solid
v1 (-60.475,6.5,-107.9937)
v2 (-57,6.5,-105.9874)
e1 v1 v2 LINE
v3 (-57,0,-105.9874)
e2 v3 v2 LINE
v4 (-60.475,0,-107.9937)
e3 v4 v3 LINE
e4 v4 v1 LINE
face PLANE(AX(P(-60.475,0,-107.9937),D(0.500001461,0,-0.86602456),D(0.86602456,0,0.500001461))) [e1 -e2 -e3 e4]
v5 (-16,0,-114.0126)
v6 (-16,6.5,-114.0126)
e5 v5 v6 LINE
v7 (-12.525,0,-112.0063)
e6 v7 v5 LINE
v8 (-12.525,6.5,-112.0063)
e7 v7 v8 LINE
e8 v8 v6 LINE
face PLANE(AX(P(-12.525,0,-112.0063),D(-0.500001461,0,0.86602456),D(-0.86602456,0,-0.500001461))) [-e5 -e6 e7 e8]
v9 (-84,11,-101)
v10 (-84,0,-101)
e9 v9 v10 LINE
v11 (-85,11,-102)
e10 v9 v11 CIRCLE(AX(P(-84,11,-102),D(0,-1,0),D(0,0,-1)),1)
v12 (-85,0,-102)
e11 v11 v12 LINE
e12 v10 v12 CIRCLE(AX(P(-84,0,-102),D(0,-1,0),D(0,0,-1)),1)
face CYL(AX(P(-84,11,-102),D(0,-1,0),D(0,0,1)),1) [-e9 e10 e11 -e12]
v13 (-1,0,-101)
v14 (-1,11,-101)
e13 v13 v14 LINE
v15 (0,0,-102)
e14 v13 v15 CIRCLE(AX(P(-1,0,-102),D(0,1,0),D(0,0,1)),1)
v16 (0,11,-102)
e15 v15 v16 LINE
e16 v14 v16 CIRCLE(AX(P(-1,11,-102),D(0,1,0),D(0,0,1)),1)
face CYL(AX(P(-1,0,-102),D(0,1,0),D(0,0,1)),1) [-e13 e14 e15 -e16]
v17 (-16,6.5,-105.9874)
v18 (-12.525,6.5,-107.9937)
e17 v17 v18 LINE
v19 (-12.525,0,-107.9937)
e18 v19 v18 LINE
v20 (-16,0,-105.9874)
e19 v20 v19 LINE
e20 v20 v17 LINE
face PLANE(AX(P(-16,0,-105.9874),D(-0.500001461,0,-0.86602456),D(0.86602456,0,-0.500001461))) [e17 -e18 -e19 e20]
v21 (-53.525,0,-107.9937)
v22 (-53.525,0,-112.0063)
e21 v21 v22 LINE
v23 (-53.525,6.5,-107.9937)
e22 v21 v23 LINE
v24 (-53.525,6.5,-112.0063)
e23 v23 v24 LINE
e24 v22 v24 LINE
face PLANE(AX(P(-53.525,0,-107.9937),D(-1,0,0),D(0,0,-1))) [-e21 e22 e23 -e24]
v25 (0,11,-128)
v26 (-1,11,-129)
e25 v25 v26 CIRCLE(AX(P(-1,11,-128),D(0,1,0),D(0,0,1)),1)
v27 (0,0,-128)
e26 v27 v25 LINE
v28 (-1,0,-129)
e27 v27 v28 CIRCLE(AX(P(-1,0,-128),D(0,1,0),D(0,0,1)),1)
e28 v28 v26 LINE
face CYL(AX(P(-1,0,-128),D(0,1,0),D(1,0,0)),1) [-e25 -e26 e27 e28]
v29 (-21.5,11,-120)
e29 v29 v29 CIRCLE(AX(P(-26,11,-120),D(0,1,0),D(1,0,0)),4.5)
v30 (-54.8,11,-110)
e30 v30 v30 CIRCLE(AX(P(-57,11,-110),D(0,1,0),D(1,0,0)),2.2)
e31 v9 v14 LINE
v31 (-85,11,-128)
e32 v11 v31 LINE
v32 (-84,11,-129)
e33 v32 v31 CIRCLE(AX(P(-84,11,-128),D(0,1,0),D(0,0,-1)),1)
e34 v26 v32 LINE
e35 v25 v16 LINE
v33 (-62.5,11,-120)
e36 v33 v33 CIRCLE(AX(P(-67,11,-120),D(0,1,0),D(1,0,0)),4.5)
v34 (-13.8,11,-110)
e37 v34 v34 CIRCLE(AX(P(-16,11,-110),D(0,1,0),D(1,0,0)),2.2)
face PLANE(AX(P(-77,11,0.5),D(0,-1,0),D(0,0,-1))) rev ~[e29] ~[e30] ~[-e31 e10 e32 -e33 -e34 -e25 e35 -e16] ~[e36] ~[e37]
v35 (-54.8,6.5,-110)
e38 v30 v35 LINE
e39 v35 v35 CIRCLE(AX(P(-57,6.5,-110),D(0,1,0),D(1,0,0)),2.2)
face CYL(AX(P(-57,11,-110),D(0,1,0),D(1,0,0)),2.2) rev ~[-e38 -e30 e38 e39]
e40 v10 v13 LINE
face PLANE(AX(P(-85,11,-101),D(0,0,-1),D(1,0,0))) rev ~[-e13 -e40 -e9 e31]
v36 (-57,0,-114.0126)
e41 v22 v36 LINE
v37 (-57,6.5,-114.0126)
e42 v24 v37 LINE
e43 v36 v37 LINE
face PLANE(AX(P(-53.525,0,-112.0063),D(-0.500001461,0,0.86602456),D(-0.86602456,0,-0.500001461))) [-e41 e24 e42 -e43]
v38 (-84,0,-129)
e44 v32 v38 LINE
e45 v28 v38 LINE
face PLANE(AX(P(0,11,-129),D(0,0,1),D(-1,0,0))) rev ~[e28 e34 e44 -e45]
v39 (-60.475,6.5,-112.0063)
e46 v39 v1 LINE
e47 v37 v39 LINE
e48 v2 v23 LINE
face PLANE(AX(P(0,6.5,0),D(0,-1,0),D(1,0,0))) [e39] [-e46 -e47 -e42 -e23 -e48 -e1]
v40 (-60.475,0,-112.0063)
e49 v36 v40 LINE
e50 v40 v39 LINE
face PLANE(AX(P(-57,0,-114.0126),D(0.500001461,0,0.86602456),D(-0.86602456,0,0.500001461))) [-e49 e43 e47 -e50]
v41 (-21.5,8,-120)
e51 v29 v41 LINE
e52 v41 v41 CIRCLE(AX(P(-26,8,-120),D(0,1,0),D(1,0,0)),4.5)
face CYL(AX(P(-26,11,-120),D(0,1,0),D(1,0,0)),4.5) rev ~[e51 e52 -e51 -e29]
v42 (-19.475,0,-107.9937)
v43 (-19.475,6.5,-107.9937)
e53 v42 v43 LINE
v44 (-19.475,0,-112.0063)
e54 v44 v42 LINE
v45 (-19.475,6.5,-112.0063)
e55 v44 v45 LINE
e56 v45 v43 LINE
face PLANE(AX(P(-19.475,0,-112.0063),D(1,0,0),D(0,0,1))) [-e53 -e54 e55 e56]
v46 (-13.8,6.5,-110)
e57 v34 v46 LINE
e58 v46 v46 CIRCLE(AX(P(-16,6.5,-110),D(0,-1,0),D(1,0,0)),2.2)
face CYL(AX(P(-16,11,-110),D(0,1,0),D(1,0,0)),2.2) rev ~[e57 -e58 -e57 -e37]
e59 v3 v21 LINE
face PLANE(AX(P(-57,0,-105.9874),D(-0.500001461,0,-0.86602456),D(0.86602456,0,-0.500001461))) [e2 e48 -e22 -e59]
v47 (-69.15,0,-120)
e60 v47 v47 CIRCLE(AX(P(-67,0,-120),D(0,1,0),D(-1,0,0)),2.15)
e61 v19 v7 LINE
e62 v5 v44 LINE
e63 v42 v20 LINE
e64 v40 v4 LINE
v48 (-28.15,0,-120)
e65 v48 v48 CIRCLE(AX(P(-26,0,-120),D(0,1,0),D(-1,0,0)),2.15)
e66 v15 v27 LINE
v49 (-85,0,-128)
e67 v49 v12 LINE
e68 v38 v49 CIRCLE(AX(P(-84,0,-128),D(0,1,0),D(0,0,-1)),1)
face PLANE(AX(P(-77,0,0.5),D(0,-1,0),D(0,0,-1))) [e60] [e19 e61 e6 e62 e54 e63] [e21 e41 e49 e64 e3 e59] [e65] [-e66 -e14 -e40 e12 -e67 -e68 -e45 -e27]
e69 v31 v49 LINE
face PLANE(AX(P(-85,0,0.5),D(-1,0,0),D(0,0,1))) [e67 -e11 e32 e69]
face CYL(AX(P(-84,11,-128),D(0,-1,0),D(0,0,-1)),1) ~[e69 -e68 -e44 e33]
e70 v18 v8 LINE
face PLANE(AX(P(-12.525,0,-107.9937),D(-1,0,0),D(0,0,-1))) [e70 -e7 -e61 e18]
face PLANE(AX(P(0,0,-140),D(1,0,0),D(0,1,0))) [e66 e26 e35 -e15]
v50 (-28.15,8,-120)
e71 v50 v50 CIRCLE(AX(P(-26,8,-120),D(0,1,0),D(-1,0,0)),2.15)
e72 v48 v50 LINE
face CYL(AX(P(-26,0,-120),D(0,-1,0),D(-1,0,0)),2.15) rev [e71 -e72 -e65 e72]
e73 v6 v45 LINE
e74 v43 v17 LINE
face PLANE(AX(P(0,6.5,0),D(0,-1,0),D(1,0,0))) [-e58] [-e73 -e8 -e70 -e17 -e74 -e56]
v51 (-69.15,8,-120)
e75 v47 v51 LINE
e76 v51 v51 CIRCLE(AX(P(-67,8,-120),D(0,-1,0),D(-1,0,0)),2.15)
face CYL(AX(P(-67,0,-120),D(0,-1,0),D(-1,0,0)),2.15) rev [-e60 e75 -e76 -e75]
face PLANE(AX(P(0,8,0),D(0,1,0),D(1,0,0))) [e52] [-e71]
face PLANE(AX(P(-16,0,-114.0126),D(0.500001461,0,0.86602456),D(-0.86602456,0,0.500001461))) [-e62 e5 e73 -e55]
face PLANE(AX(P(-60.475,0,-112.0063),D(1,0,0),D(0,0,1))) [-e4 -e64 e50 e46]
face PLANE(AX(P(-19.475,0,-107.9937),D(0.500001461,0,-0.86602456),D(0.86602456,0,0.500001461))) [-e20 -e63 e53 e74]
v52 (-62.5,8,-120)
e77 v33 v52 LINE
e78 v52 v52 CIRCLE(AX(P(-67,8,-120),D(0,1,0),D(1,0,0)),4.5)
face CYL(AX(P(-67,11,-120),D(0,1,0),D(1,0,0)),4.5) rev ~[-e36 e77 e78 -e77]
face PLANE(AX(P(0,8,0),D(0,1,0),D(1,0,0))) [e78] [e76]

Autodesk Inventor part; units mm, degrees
ref_plane "YZ Plane" through (0, 0, 0) normal (1, 0, 0) x (0, 1, 0)
ref_plane "XZ Plane" through (0, 0, 0) normal (0, 1, 0) x (-1, 0, 0)
ref_plane "XY Plane" through (0, 0, 0) normal (0, 0, 1) x (1, 0, 0)
sketch "Esboço1" plane through (0, 0, 0) normal (0, 1, 0) x (-1, 0, 0)
  line L0 (0, 0) -> (77, 0)
  line L1 (77, 0) -> (77, -140)
  line L2 (77, -140) -> (0, -140)
  line L3 (0, -140) -> (0, 0)
  circle A0 centre (67, -20) radius 2.15
  circle A1 centre (67, -120) radius 2.15
  circle A2 centre (26, -20) radius 2.15
  circle A3 centre (26, -120) radius 2.15
  dimension "d0" = 77
  dimension "d1" = 140
  dimension "d2" = 4.3
  dimension "d3" = 4.3
  dimension "d4" = 4.3
  dimension "d5" = 4.3
  dimension "d6" = 10
  dimension "d7" = 10
  dimension "d8" = 20
  dimension "d9" = 20
  dimension "d10" = 20
  dimension "d11" = 20
  dimension "d12" = 26
  dimension "d13" = 26
extrude "Extrusão1" add sketch "Esboço1" along normal blind 11
sketch "Esboço2" plane through (0, 11, 0) normal (0, 1, 0) x (1, 0, 0)
  circle A0 centre (-67, 20) radius 2.15 projected
  circle A1 centre (-26, 20) radius 2.15 projected
  circle A2 centre (-26, 120) radius 2.15 projected
  circle A3 centre (-67, 120) radius 2.15 projected
  circle A4 centre (-67, 20) radius 4.5
  circle A5 centre (-67, 120) radius 2.15 projected
  circle A6 centre (-67, 120) radius 4.5
  circle A7 centre (-26, 120) radius 2.15 projected
  circle A8 centre (-26, 120) radius 4.5
  circle A9 centre (-26, 20) radius 2.15 projected
  circle A10 centre (-26, 20) radius 4.5
  point P0 (0, 0)
  dimension "d16" = 9
  dimension "d17" = 9
  dimension "d18" = 9
  dimension "d19" = 9
extrude "Extrusão2" cut sketch "Esboço2" against normal blind 3 contours A3 | A4 | A6 | A8 | A10
sketch "Esboço3" plane through (0, 11, 0) normal (0, 1, 0) x (1, 0, 0)
  point P0 (0, 0)
sketch "Esboço4" plane through (0, 11, 0) normal (0, 1, 0) x (1, 0, 0)
  circle A0 centre (-57, 30) radius 2.2
  circle A1 centre (-57, 110) radius 2.2
  circle A2 centre (-67, 20) radius 2.15 projected
  circle A3 centre (-67, 120) radius 2.15 projected
  circle A4 centre (-16, 30) radius 2.2
  circle A5 centre (-16, 110) radius 2.2
  circle A6 centre (-26, 20) radius 2.15 projected
  circle A7 centre (-26, 120) radius 2.15 projected
  point P0 (0, 0)
  dimension "d22" = 4.4
  dimension "d23" = 4.4
  dimension "d24" = 10
  dimension "d25" = 10
  dimension "d26" = 10
  dimension "d27" = 10
  dimension "d28" = 4.4
  dimension "d29" = 4.4
  dimension "d30" = 10
  dimension "d31" = 10
  dimension "d32" = 10
  dimension "d33" = 10
extrude "Extrusão3" cut sketch "Esboço4" against normal blind 12 contours A0 | A1 | A4 | A5
sketch "Esboço5" plane through (0, 0, 0) normal (0, -1, 0) x (1, 0, 0)
  circle A0 centre (-57, -110) radius 2.2 projected
  circle A1 centre (-16, -110) radius 2.2 projected
  circle A2 centre (-16, -30) radius 2.2 projected
  circle A3 centre (-57, -30) radius 2.2 projected
  line L0 (-53.525, -112.0063) -> (-57, -114.0126)
  line L1 (-57, -114.0126) -> (-60.475, -112.0063)
  line L2 (-60.475, -112.0063) -> (-60.475, -107.9937)
  line L3 (-60.475, -107.9937) -> (-57, -105.9874)
  line L4 (-57, -105.9874) -> (-53.525, -107.9937)
  line L5 (-53.525, -107.9937) -> (-53.525, -112.0063)
  line L6 (-53.525, -32.0063) -> (-57, -34.0126)
  line L7 (-57, -34.0126) -> (-60.475, -32.0063)
  line L8 (-60.475, -32.0063) -> (-60.475, -27.9937)
  line L9 (-60.475, -27.9937) -> (-57, -25.9874)
  line L10 (-57, -25.9874) -> (-53.525, -27.9937)
  line L11 (-53.525, -27.9937) -> (-53.525, -32.0063)
  line L12 (-16, -105.9874) -> (-12.525, -107.9937)
  line L13 (-12.525, -107.9937) -> (-12.525, -112.0063)
  line L14 (-12.525, -112.0063) -> (-16, -114.0126)
  line L15 (-16, -114.0126) -> (-19.475, -112.0063)
  line L16 (-19.475, -112.0063) -> (-19.475, -107.9937)
  line L17 (-19.475, -107.9937) -> (-16, -105.9874)
  circle A4 centre (-16, -30) radius 2.2 projected
  line L18 (-12.525, -32.0063) -> (-16, -34.0126)
  line L19 (-16, -34.0126) -> (-19.475, -32.0063)
  line L20 (-19.475, -32.0063) -> (-19.475, -27.9937)
  line L21 (-19.475, -27.9937) -> (-16, -25.9874)
  line L22 (-16, -25.9874) -> (-12.525, -27.9937)
  line L23 (-12.525, -27.9937) -> (-12.525, -32.0063)
  line L24 (-77, -140) -> (-77, 0) projected
  line L25 (0, 0) -> (0, -140) projected
  dimension "d36" = 6.95
  dimension "d37" = 6.95
  dimension "d38" = 6.95
  dimension "d39" = 6.95
extrude "Extrusão4" cut sketch "Esboço5" against normal blind 6.5 contours A0 | L0 L1 L2 L3 L4 L5 | L6 L7 L8 L9 L10 L11 | L12 L13 L14 L15 L16 L17 | L18 L19 L20 L21 L22 L23
sketch "Esboço6" plane through (-77, 0, 0) normal (0, 0, 1) x (1, 0, 0)
  line L0 (0, 0) -> (77, 0) projected
  line L1 (77, 0) -> (77, 11) projected
  line L2 (0, 11) -> (77, 11) projected
  line L3 (0, 0) -> (0, 11) projected
extrude "Extrusão5" add sketch "Esboço6" along normal blind 0.5
sketch "Esboço7" plane through (0, 0, -140) normal (0, 0, -1) x (-1, 0, 0)
  line L0 (0, 0) -> (77, 0) projected
  line L1 (77, 0) -> (77, 11) projected
  line L2 (0, 11) -> (77, 11) projected
  line L3 (0, 0) -> (0, 11) projected
  point P0 (0, 0)
extrude "Extrusão6" add sketch "Esboço7" along normal blind 0.5
sketch "Esboço8" plane through (-77, 0, 0.5) normal (-1, 0, 0) x (0, 0, 1)
  line L0 (0, 0) -> (-141, 0) projected
  line L1 (0, 11) -> (0, 0) projected
  line L2 (0, 11) -> (-141, 11) projected
  line L3 (-141, 0) -> (-141, 11) projected
  point P0 (-0.5, 0)
extrude "Extrusão7" add sketch "Esboço8" along normal blind 8
fillet "Arredondamento1" radius 1 4 edges at (-85, 5.5, 0.5) (0, 5.5, 0.5) (-85, 5.5, -140.5) (0, 5.5, -140.5)
sketch "Esboço9" plane through (0, 11, 0) normal (0, 1, 0) x (1, 0, 0)
  line L0 (0, 0.5) -> (0, 139.5) projected
  line L1 (-85, 139.5) -> (-85, 0.5) projected
  line L2 (0, 129) -> (-85, 129)
  line L3 (-85, 129) -> (-85, 101)
  line L4 (-85, 101) -> (0, 101)
  line L5 (0, 101) -> (0, 129)
  circle A0 centre (-16, 110) radius 2.2 projected
  circle A1 centre (-26, 120) radius 4.5 projected
  point P0 (0, 0)
  point P1 (0, 101)
  dimension "d49" = 9
  dimension "d50" = 9
extrude "Extrusão8" cut sketch "Esboço9" against normal mid plane 22 contours L4 L1 L2 L0 | A1 keep common part
fillet "Arredondamento2" radius 1 4 edges at (0, 5.5, -101) (0, 5.5, -129) (-85, 5.5, -101) (-85, 5.5, -129)
equation "\"d4\" = d3"
equation "\"d5\" = d3"
equation "\"d7\" = d6"
equation "\"d9\" = d8"
equation "\"d10\" = d9"
equation "\"d11\" = d8"
equation "\"d16\" = d19"
equation "\"d22\" = d28"
equation "\"d23\" = d29"
equation "\"d26\" = d25"
equation "\"d27\" = d26"
equation "\"d29\" = d28"
equation "\"d30\" = d24"
equation "\"d33\" = d32"
equation "\"d36\" = d39"
equation "\"d37\" = d39"
equation "\"d38\" = d39"
properties part number "suporte-fonte2"
